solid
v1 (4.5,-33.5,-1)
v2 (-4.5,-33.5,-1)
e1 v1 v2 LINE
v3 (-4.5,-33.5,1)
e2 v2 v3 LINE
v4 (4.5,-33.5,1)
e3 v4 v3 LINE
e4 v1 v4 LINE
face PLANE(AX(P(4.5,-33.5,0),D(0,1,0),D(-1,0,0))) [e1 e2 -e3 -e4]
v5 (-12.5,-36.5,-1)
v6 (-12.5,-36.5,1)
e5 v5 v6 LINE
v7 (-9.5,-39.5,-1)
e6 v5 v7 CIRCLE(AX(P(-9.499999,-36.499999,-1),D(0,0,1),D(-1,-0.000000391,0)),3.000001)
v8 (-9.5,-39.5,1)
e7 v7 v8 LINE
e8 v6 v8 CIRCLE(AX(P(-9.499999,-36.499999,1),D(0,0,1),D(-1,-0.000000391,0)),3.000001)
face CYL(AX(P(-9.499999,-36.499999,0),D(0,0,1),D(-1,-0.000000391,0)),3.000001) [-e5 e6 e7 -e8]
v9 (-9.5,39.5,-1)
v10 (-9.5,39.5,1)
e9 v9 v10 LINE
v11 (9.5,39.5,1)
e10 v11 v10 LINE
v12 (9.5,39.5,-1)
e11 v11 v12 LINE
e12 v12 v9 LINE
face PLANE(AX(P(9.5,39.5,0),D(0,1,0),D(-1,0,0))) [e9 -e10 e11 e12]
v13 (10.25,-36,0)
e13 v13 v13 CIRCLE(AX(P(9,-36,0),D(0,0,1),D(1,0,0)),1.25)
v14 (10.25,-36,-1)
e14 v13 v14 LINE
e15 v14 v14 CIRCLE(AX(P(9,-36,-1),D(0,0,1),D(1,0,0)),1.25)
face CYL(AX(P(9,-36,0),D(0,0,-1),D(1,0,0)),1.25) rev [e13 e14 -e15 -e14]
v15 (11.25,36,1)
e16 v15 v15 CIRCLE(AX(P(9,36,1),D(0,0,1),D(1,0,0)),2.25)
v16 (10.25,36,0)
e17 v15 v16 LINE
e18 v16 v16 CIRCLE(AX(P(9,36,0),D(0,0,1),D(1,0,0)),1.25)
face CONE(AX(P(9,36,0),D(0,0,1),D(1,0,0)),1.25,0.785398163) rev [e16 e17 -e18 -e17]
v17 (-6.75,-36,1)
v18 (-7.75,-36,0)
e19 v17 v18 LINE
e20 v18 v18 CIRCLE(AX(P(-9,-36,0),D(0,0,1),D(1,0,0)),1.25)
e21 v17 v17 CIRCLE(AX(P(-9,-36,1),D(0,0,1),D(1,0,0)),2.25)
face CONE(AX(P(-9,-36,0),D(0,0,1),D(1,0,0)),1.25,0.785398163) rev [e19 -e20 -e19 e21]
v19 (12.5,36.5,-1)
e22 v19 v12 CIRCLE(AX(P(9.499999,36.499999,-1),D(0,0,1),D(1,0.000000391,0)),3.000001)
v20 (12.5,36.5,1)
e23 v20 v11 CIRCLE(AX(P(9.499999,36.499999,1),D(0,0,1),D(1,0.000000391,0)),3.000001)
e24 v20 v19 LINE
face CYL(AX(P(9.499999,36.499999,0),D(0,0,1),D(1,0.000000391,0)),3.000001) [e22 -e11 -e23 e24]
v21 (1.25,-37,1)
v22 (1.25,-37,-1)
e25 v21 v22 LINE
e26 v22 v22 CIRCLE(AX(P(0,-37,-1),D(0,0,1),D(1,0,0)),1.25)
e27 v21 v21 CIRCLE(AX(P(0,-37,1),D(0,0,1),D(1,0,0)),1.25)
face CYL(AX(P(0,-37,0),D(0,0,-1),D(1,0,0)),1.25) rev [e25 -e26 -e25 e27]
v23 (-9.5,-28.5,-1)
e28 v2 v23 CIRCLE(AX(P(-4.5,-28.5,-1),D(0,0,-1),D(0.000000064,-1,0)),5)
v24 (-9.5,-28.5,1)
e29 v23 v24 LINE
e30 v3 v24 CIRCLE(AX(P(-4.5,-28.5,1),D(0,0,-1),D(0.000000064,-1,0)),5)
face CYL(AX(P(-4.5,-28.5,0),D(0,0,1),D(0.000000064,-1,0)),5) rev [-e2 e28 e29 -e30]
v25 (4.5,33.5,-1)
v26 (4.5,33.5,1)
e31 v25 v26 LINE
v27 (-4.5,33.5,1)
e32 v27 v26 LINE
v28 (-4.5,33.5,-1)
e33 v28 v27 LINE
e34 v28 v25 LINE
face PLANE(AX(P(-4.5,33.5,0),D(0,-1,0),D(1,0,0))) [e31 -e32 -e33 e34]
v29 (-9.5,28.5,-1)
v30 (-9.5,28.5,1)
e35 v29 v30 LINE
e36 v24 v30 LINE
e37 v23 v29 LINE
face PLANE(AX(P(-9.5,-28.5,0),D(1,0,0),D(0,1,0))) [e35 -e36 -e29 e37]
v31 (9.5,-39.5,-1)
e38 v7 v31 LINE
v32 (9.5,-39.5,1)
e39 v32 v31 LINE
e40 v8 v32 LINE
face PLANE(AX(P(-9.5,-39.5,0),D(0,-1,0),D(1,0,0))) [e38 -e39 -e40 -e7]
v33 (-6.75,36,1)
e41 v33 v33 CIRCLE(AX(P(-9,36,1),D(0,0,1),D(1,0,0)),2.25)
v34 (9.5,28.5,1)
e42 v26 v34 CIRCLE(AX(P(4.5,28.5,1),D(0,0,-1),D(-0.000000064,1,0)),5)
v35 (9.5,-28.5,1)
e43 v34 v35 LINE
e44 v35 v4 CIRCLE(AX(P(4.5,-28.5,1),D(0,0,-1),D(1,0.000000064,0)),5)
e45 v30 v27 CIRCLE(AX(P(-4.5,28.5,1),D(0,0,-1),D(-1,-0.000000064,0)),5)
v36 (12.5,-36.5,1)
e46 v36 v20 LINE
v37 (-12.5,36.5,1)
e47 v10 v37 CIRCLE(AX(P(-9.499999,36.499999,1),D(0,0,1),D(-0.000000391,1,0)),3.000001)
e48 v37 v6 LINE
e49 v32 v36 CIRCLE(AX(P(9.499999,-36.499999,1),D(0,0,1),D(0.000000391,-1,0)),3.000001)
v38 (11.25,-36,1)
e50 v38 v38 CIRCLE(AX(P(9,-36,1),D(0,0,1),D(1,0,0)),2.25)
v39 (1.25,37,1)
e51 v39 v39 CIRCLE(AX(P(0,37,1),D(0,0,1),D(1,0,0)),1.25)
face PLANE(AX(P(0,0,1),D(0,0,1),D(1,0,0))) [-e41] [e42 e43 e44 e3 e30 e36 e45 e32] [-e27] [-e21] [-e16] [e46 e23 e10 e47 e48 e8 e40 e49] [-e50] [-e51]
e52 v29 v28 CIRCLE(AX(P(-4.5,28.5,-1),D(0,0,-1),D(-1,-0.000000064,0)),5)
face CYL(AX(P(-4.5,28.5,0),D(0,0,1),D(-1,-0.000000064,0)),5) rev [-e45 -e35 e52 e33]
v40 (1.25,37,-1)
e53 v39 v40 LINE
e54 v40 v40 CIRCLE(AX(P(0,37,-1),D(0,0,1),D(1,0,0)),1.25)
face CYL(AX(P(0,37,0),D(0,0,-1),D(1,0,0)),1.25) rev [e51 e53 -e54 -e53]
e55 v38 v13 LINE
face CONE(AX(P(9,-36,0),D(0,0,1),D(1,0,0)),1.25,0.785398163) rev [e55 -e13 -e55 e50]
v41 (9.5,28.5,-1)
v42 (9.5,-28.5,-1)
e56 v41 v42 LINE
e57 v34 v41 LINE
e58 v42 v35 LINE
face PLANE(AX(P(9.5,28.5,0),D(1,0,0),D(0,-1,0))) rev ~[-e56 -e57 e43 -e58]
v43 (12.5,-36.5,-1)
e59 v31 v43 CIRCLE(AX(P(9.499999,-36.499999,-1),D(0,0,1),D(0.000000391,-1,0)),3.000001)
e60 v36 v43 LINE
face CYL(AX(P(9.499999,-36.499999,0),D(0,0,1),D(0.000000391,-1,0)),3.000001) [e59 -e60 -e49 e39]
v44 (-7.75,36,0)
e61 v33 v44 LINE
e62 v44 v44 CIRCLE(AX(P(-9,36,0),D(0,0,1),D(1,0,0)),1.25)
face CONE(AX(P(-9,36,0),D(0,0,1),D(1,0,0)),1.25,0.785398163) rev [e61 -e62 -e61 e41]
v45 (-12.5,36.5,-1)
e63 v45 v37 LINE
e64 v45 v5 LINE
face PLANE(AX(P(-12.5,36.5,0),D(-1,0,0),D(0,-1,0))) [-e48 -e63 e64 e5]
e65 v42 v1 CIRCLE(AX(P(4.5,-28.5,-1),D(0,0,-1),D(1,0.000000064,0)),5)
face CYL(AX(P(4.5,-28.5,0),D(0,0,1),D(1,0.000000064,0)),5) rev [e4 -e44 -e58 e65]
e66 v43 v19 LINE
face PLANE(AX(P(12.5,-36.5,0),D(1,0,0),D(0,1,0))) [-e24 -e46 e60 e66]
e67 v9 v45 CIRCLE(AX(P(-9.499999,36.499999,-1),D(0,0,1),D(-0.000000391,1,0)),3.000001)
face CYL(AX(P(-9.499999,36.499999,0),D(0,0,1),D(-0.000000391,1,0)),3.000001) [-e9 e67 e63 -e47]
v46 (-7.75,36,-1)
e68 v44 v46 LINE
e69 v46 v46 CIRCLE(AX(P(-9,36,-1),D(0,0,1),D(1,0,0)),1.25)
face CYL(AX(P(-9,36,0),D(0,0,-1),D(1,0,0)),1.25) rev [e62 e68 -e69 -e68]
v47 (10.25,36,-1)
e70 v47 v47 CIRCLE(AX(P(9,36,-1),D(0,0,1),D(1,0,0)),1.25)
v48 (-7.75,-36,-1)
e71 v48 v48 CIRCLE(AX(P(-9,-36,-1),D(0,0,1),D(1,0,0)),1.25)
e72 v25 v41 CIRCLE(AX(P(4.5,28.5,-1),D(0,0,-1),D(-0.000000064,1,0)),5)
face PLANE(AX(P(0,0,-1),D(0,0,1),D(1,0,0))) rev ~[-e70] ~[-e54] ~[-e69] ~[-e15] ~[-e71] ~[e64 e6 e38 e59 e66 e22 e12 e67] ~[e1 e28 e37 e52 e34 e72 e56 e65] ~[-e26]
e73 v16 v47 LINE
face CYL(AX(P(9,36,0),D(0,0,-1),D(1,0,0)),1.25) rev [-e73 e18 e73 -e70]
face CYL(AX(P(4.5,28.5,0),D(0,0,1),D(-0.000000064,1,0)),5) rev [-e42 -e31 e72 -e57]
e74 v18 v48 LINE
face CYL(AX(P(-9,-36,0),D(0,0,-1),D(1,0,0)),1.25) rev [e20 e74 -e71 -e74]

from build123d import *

# Parameters (mm, degrees)
F0_R     = 1.25
F1_DEPTH = 1
F2_SIZE  = 1


with BuildPart() as f1:
    # F0 (on Top) → F1 (new body, symmetric)
    with BuildSketch(Plane.XY):
        with BuildLine():
            Line((9.5, 39.5), (-9.5, 39.5))
            ThreePointArc((-9.5, 39.5), (-11.62132, 38.62132), (-12.5, 36.5))
            Line((-12.5, 36.5), (-12.5, -36.5))
            ThreePointArc((-12.5, -36.5), (-11.62132, -38.62132), (-9.5, -39.5))
            Line((-9.5, -39.5), (9.5, -39.5))
            ThreePointArc((9.5, -39.5), (11.62132, -38.62132), (12.5, -36.5))
            Line((12.5, -36.5), (12.5, 36.5))
            ThreePointArc((12.5, 36.5), (11.62132, 38.62132), (9.5, 39.5))
        make_face()
        with Locations((-9, -36)):
            Circle(F0_R, mode=Mode.SUBTRACT)
        with Locations((0, -37)):
            Circle(F0_R, mode=Mode.SUBTRACT)
        with Locations((9, -36)):
            Circle(F0_R, mode=Mode.SUBTRACT)
        with BuildLine():
            ThreePointArc((-9.5, 28.5), (-8.035534, 32.035534), (-4.5, 33.5))
            Line((-4.5, 33.5), (4.5, 33.5))
            ThreePointArc((4.5, 33.5), (8.035534, 32.035534), (9.5, 28.5))
            Line((9.5, 28.5), (9.5, -28.5))
            ThreePointArc((9.5, -28.5), (8.035534, -32.035534), (4.5, -33.5))
            Line((4.5, -33.5), (-4.5, -33.5))
            ThreePointArc((-4.5, -33.5), (-8.035534, -32.035534), (-9.5, -28.5))
            Line((-9.5, -28.5), (-9.5, 28.5))
        make_face(mode=Mode.SUBTRACT)
        with Locations((-9, 36)):
            Circle(F0_R, mode=Mode.SUBTRACT)
        with Locations((0, 37)):
            Circle(F0_R, mode=Mode.SUBTRACT)
        with Locations((9, 36)):
            Circle(F0_R, mode=Mode.SUBTRACT)
    extrude(amount=F1_DEPTH, both=True)

    # F2
    f2_edges = [f1.edges().sort_by_distance(p)[0] for p in [
        (-10.25, 36, 1),
        (7.75, 36, 1),
        (7.75, -36, 1),
        (-10.25, -36, 1),
    ]]
    chamfer(f2_edges, length=F2_SIZE)


solid = f1.part
